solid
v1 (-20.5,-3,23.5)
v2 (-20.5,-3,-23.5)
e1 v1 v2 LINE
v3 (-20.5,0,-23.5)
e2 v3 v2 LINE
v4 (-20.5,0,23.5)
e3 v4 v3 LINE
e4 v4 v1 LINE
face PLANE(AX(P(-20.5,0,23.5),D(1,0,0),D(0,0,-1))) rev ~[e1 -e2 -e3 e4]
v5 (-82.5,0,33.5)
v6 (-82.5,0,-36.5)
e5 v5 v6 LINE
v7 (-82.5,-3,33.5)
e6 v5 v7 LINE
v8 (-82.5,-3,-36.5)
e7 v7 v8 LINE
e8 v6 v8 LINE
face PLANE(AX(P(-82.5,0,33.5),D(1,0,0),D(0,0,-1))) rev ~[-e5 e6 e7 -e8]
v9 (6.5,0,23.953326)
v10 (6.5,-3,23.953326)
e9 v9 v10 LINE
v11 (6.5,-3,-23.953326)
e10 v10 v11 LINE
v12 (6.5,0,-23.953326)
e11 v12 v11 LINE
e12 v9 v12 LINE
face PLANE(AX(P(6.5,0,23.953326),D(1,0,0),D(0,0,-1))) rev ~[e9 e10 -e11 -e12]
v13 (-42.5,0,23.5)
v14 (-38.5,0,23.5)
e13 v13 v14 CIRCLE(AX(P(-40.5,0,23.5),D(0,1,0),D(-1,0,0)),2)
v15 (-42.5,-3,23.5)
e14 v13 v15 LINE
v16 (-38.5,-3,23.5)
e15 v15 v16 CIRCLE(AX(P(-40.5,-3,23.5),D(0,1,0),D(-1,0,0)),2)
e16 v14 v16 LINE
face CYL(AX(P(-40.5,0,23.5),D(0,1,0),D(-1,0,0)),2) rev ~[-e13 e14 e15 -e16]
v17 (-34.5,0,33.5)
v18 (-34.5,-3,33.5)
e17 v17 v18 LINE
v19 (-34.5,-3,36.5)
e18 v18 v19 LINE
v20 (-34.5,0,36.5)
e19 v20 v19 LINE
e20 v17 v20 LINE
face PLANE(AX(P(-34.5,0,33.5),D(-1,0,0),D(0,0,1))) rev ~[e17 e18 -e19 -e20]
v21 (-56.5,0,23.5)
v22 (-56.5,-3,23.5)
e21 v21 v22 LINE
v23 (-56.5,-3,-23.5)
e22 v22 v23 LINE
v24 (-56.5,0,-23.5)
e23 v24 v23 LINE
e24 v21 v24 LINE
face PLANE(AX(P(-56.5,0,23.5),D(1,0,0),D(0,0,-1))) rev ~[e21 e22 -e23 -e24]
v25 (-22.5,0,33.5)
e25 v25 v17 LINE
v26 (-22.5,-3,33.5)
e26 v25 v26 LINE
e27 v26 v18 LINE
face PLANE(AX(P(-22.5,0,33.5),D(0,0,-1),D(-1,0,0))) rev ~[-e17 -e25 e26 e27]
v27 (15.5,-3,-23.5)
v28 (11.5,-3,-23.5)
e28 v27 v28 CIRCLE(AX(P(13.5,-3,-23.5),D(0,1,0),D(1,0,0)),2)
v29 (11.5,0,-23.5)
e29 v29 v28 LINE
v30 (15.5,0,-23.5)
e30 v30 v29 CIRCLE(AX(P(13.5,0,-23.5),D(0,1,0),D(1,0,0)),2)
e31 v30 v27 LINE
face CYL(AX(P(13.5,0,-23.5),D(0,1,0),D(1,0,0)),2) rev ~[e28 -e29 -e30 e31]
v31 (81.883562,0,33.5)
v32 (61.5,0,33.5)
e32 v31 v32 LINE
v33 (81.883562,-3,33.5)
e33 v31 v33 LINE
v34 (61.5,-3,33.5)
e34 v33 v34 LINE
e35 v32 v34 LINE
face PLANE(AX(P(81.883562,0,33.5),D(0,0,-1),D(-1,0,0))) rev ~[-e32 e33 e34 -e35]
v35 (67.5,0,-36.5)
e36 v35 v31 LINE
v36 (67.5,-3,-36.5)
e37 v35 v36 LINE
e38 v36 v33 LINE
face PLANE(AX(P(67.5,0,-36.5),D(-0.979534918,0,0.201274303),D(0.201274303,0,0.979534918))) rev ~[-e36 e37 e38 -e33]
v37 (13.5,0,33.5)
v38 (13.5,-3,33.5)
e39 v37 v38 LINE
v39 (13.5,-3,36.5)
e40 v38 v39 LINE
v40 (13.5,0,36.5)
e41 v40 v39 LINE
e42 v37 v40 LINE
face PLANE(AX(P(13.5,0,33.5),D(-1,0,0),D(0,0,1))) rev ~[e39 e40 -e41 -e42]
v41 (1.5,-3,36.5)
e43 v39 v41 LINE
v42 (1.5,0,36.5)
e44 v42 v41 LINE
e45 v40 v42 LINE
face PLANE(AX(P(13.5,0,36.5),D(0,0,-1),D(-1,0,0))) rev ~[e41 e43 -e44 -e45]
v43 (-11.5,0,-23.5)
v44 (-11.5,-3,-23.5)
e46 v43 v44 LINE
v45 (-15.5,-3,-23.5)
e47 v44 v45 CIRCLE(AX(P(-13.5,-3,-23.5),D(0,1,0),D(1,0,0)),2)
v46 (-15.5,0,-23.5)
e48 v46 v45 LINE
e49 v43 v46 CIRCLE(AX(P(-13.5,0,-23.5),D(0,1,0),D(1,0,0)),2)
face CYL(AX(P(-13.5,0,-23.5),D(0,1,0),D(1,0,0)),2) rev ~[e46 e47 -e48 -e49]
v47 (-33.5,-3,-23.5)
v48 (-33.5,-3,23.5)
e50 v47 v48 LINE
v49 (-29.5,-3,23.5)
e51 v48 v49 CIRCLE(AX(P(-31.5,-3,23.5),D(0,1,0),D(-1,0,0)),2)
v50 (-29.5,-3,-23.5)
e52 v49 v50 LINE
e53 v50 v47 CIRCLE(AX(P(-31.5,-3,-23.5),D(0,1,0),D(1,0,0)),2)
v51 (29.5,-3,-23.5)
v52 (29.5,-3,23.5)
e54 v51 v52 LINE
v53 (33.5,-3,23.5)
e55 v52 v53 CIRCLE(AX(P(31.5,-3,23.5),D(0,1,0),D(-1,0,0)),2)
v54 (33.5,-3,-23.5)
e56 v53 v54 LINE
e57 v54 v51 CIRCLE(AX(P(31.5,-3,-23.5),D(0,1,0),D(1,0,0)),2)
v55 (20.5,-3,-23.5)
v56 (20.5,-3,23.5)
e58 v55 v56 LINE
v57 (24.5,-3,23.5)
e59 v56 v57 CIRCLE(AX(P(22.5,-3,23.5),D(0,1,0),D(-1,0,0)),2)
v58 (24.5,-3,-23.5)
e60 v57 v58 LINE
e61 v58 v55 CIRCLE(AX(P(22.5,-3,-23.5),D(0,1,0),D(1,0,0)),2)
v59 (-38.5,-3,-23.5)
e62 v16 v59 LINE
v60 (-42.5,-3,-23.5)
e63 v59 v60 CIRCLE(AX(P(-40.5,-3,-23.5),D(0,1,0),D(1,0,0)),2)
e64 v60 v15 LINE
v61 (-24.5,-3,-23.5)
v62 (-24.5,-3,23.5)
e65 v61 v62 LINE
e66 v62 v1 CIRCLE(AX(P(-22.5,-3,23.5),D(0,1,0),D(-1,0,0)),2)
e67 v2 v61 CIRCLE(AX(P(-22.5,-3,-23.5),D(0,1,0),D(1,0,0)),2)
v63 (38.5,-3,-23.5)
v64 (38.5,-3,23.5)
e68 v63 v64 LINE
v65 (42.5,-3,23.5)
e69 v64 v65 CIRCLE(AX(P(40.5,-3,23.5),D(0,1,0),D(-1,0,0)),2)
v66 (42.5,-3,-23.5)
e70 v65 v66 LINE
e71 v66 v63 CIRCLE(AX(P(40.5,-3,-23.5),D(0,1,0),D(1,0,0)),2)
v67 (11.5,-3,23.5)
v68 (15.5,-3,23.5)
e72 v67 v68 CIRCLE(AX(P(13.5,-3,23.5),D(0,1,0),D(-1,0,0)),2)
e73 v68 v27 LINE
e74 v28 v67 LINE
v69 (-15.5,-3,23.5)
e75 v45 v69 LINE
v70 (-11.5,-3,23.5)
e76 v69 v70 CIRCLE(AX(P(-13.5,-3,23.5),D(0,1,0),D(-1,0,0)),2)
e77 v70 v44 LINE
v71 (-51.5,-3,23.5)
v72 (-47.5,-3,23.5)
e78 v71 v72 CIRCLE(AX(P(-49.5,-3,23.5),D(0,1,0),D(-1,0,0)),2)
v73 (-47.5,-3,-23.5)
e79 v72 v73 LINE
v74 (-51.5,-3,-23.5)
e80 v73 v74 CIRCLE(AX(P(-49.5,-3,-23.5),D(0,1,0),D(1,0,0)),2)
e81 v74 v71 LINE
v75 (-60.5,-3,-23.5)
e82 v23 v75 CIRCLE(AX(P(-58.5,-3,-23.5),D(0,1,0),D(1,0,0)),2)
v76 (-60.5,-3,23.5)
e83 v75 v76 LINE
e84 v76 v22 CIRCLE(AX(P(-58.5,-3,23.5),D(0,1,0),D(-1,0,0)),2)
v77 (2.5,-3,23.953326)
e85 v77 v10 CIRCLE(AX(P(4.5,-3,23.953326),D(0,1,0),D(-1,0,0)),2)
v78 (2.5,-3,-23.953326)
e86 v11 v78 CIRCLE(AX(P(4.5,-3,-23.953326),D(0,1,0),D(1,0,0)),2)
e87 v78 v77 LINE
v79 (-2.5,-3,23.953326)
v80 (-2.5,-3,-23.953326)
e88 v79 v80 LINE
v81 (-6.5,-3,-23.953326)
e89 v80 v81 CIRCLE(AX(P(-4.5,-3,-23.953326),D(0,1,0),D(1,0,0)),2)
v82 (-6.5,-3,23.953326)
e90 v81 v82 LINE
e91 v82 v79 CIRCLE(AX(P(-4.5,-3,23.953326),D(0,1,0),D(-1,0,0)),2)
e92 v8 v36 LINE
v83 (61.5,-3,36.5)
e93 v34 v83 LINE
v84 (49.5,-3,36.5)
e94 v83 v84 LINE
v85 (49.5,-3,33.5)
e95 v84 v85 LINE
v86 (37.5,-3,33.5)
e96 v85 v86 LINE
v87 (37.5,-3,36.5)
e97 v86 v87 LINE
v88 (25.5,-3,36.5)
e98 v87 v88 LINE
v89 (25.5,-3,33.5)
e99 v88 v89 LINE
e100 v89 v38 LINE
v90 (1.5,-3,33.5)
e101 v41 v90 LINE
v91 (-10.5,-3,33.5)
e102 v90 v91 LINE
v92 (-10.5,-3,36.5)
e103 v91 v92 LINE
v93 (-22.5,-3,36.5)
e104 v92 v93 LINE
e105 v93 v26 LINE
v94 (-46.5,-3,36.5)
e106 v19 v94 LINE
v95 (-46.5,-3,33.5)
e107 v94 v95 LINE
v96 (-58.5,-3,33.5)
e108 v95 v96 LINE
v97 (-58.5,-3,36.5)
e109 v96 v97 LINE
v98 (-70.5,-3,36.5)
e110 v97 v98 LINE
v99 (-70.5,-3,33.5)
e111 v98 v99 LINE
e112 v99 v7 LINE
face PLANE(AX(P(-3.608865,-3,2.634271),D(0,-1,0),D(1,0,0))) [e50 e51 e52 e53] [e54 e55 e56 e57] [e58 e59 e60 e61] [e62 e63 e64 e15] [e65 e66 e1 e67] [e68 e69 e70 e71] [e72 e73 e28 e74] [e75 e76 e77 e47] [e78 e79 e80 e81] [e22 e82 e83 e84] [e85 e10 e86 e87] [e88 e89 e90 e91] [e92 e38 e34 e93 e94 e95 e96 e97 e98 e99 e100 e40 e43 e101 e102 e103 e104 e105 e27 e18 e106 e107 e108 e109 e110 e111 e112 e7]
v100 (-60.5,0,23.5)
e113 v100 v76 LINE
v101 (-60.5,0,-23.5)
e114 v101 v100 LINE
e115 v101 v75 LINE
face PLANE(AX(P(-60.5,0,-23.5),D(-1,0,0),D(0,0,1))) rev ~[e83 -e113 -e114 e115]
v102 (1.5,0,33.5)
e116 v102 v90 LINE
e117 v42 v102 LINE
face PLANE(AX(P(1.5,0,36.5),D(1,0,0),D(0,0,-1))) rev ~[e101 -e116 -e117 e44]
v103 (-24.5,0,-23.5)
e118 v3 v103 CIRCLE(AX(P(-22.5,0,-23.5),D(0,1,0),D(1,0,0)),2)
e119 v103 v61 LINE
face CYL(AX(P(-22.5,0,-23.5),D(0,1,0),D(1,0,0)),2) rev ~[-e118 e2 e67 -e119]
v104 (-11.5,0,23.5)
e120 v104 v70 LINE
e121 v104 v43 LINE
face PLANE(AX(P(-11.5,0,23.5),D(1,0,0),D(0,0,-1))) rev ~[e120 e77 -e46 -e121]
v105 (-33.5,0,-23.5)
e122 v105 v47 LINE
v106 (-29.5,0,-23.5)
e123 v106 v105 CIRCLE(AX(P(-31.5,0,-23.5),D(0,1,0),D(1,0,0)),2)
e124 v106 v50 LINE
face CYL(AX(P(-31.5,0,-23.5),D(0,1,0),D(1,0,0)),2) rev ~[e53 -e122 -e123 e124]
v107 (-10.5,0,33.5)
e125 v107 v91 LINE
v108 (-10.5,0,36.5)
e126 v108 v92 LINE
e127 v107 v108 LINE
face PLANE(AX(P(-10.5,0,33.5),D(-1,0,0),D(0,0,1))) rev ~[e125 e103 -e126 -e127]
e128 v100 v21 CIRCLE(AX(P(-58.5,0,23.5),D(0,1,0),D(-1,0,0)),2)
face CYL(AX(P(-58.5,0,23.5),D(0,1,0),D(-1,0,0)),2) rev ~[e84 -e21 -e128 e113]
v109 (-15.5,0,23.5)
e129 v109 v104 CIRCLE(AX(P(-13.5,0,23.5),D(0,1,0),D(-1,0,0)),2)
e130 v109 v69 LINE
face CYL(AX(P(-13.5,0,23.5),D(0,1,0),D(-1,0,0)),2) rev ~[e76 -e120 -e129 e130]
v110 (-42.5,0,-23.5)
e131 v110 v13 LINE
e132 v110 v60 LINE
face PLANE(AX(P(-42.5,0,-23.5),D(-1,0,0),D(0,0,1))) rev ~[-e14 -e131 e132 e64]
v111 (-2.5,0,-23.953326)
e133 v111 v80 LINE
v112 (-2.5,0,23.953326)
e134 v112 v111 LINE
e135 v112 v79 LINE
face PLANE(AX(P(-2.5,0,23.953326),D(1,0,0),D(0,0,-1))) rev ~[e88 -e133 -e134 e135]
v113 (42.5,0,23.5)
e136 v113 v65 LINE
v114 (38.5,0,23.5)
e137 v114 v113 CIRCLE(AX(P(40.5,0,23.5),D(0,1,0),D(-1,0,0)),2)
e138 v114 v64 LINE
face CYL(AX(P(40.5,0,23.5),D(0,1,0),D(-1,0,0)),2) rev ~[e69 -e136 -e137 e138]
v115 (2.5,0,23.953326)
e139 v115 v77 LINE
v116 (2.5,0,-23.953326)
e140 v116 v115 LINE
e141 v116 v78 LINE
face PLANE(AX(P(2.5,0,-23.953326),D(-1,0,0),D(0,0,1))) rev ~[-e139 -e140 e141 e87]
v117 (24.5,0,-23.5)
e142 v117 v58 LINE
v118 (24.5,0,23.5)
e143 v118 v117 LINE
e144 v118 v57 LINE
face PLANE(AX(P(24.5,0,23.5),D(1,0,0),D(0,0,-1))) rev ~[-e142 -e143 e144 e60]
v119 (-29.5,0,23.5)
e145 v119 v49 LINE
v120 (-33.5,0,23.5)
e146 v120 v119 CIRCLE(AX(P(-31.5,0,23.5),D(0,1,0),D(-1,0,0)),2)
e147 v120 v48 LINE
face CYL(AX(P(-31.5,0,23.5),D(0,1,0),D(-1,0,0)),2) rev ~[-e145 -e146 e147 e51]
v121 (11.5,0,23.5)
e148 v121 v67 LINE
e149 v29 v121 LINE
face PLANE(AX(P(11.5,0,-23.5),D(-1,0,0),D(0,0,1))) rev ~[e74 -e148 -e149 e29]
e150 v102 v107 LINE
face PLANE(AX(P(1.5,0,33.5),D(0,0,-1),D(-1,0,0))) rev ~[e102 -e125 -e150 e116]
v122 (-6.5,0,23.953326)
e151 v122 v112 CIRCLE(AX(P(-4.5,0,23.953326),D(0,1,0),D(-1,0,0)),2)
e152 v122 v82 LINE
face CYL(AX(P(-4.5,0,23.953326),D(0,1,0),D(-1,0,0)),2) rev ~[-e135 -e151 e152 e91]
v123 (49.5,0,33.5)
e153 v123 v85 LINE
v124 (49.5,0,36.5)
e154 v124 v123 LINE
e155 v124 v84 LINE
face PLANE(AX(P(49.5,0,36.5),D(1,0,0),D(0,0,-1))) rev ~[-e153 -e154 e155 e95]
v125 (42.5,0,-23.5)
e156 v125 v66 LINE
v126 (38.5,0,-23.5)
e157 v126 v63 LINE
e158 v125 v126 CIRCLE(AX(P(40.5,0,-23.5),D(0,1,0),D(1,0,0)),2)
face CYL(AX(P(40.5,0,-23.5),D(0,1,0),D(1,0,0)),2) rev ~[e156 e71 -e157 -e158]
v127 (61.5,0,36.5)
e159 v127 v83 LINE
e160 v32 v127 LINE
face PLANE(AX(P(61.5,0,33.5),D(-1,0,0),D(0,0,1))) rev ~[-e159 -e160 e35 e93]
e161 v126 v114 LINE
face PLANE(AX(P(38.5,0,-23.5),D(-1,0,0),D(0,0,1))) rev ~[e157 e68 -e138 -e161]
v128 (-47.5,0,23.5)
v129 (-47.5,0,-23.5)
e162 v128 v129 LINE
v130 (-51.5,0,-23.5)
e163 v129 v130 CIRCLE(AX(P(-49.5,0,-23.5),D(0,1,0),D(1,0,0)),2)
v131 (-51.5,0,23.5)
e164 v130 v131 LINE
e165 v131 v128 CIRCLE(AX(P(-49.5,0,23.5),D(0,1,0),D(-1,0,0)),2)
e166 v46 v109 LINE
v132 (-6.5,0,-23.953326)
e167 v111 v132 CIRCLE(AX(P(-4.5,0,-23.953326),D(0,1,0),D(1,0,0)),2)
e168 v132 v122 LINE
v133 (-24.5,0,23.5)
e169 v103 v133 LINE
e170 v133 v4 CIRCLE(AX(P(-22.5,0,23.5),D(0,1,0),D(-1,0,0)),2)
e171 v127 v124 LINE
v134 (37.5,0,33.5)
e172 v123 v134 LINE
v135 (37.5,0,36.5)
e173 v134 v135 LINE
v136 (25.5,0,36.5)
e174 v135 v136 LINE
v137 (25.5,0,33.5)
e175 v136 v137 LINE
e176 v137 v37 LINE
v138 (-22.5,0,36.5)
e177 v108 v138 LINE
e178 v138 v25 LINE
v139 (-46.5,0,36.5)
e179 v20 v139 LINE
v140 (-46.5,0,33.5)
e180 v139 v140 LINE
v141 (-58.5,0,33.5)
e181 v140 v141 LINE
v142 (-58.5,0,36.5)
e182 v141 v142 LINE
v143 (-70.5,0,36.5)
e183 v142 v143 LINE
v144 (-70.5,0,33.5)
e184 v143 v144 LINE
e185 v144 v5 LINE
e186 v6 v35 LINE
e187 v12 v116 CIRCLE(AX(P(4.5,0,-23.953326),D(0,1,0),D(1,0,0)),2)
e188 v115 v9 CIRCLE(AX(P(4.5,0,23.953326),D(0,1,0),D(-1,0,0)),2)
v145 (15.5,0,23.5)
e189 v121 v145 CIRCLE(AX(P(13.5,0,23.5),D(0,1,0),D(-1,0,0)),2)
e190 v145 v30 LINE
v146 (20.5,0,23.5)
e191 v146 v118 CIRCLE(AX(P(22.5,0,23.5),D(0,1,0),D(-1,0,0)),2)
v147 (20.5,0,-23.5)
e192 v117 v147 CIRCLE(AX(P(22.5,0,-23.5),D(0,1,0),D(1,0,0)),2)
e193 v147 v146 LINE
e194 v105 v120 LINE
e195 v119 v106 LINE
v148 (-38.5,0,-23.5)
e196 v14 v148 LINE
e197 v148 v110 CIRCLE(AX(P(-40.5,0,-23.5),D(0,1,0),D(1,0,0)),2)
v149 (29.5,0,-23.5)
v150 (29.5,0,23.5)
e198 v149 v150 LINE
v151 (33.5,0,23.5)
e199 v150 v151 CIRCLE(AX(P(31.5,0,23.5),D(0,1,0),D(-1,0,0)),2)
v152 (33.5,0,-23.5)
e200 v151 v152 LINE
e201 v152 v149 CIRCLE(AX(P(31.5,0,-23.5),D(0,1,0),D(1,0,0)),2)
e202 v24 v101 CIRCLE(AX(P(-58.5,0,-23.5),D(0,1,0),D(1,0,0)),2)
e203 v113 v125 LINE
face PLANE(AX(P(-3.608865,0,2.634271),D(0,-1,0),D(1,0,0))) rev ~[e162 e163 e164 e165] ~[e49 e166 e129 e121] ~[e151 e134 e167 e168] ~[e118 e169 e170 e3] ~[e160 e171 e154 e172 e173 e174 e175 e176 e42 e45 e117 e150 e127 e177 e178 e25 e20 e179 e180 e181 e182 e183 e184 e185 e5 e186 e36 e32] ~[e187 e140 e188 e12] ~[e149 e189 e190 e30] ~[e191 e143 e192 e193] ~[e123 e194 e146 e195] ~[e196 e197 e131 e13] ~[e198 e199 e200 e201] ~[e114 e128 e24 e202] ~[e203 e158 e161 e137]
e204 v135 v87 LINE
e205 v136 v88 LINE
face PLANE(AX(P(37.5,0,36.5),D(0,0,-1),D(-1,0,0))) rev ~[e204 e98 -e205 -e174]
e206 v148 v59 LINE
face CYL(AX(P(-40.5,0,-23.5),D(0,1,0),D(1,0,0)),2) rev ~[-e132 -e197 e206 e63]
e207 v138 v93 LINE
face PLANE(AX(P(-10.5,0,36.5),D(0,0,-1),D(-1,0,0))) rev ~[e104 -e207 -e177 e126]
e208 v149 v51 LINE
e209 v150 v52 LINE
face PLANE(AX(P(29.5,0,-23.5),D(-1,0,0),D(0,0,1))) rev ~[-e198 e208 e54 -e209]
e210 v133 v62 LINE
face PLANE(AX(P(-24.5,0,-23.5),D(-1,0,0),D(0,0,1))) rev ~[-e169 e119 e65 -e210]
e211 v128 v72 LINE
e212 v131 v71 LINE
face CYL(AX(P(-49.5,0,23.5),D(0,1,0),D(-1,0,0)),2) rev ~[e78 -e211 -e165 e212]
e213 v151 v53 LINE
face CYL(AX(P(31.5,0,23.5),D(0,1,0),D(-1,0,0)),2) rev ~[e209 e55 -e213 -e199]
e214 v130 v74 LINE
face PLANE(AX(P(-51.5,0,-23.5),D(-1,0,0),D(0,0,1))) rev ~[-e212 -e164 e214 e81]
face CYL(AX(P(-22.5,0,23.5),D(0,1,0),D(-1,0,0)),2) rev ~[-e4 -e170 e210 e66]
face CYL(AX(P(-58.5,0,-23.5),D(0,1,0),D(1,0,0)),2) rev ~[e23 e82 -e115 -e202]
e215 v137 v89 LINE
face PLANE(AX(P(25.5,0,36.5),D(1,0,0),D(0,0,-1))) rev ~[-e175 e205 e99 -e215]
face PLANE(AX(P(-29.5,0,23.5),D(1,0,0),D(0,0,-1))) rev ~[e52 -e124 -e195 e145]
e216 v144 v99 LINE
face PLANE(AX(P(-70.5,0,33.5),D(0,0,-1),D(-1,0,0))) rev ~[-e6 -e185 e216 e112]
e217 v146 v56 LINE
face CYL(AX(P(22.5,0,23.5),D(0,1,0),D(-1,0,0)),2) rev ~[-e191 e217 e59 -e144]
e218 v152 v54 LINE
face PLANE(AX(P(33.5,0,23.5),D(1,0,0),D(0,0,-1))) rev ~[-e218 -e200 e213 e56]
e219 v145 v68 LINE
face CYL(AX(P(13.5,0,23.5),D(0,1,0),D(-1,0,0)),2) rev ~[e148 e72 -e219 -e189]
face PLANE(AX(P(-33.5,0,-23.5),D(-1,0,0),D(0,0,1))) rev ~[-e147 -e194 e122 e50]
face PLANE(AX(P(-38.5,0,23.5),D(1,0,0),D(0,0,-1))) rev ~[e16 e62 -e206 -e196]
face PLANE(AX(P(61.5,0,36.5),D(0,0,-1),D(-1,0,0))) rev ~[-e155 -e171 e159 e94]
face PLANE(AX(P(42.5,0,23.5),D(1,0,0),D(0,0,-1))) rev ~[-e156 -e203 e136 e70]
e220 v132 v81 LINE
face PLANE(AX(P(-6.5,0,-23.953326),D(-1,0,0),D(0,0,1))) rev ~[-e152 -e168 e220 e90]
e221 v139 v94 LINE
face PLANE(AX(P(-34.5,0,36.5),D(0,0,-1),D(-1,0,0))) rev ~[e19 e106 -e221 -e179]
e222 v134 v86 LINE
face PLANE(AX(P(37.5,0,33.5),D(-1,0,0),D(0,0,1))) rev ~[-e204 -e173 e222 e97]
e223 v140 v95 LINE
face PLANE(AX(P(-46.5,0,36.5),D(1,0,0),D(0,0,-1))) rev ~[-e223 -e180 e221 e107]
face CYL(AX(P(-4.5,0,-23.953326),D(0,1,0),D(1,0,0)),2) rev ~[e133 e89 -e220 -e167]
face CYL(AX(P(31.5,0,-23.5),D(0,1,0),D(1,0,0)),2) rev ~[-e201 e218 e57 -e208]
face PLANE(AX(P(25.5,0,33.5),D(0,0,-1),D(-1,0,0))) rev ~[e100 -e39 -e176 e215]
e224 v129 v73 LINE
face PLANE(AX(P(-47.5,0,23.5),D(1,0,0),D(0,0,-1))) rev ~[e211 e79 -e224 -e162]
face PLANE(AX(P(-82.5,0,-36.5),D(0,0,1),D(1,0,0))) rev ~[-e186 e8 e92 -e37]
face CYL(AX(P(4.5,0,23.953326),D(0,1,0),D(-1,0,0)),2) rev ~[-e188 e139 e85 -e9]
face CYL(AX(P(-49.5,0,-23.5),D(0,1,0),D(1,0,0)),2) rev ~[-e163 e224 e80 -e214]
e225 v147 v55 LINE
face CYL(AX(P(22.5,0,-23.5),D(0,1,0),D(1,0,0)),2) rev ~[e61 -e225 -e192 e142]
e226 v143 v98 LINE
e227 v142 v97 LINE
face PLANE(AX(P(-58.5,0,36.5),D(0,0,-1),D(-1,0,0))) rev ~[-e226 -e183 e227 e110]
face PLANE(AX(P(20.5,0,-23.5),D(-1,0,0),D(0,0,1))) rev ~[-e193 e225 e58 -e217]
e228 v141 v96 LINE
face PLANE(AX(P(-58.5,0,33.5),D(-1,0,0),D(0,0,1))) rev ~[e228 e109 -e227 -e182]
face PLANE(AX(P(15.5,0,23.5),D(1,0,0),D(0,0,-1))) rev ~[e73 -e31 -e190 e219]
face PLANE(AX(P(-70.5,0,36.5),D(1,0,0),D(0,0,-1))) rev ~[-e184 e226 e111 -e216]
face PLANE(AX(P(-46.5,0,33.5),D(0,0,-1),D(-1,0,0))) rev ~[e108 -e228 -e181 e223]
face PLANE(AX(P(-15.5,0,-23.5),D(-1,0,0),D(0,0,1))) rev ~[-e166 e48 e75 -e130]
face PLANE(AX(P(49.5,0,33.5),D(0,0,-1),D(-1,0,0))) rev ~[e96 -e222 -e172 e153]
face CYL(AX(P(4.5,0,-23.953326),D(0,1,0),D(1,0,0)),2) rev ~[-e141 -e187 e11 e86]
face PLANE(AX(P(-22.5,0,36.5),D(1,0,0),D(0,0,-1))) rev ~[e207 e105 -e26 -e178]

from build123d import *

# Parameters (mm, degrees)
F1_DEPTH = 3


with BuildPart() as f1:
    # F0 (on Front) → F1 (new body)
    with BuildSketch(Plane.XZ):
        Polygon((-82.5, -36.5), (67.5, -36.5), (81.883562, 33.5), (61.5, 33.5), (61.5, 36.5), (49.5, 36.5), (49.5, 33.5), (37.5, 33.5), (37.5, 36.5), (25.5, 36.5), (25.5, 33.5), (13.5, 33.5), (13.5, 36.5), (1.5, 36.5), (1.5, 33.5), (-10.5, 33.5), (-10.5, 36.5), (-22.5, 36.5), (-22.5, 33.5), (-34.5, 33.5), (-34.5, 36.5), (-46.5, 36.5), (-46.5, 33.5), (-58.5, 33.5), (-58.5, 36.5), (-70.5, 36.5), (-70.5, 33.5), (-82.5, 33.5), align=None)
        with BuildLine():
            Line((-56.5, 23.5), (-56.5, -23.5))
            ThreePointArc((-56.5, -23.5), (-58.5, -25.5), (-60.5, -23.5))
            Line((-60.5, -23.5), (-60.5, 23.5))
            ThreePointArc((-60.5, 23.5), (-58.5, 25.5), (-56.5, 23.5))
        make_face(mode=Mode.SUBTRACT)
        with BuildLine():
            Line((-51.5, -23.5), (-51.5, 23.5))
            ThreePointArc((-51.5, 23.5), (-49.5, 25.5), (-47.5, 23.5))
            Line((-47.5, 23.5), (-47.5, -23.5))
            ThreePointArc((-47.5, -23.5), (-49.5, -25.5), (-51.5, -23.5))
        make_face(mode=Mode.SUBTRACT)
        with BuildLine():
            ThreePointArc((-42.5, 23.5), (-40.5, 25.5), (-38.5, 23.5))
            Line((-38.5, 23.5), (-38.5, -23.5))
            ThreePointArc((-38.5, -23.5), (-40.5, -25.5), (-42.5, -23.5))
            Line((-42.5, -23.5), (-42.5, 23.5))
        make_face(mode=Mode.SUBTRACT)
        with BuildLine():
            Line((-29.5, 23.5), (-29.5, -23.5))
            ThreePointArc((-29.5, -23.5), (-31.5, -25.5), (-33.5, -23.5))
            Line((-33.5, -23.5), (-33.5, 23.5))
            ThreePointArc((-33.5, 23.5), (-31.5, 25.5), (-29.5, 23.5))
        make_face(mode=Mode.SUBTRACT)
        with BuildLine():
            Line((-20.5, 23.5), (-20.5, -23.5))
            ThreePointArc((-20.5, -23.5), (-22.5, -25.5), (-24.5, -23.5))
            Line((-24.5, -23.5), (-24.5, 23.5))
            ThreePointArc((-24.5, 23.5), (-22.5, 25.5), (-20.5, 23.5))
        make_face(mode=Mode.SUBTRACT)
        with BuildLine():
            Line((-11.5, 23.5), (-11.5, -23.5))
            ThreePointArc((-11.5, -23.5), (-13.5, -25.5), (-15.5, -23.5))
            Line((-15.5, -23.5), (-15.5, 23.5))
            ThreePointArc((-15.5, 23.5), (-13.5, 25.5), (-11.5, 23.5))
        make_face(mode=Mode.SUBTRACT)
        with BuildLine():
            Line((-2.5, 23.953326), (-2.5, -23.953326))
            ThreePointArc((-2.5, -23.953326), (-4.5, -25.953326), (-6.5, -23.953326))
            Line((-6.5, -23.953326), (-6.5, 23.953326))
            ThreePointArc((-6.5, 23.953326), (-4.5, 25.953326), (-2.5, 23.953326))
        make_face(mode=Mode.SUBTRACT)
        with BuildLine():
            Line((6.5, 23.953326), (6.5, -23.953326))
            ThreePointArc((6.5, -23.953326), (4.5, -25.953326), (2.5, -23.953326))
            Line((2.5, -23.953326), (2.5, 23.953326))
            ThreePointArc((2.5, 23.953326), (4.5, 25.953326), (6.5, 23.953326))
        make_face(mode=Mode.SUBTRACT)
        with BuildLine():
            ThreePointArc((15.5, -23.5), (13.5, -25.5), (11.5, -23.5))
            Line((11.5, -23.5), (11.5, 23.5))
            ThreePointArc((11.5, 23.5), (13.5, 25.5), (15.5, 23.5))
            Line((15.5, 23.5), (15.5, -23.5))
        make_face(mode=Mode.SUBTRACT)
        with BuildLine():
            Line((24.5, 23.5), (24.5, -23.5))
            ThreePointArc((24.5, -23.5), (22.5, -25.5), (20.5, -23.5))
            Line((20.5, -23.5), (20.5, 23.5))
            ThreePointArc((20.5, 23.5), (22.5, 25.5), (24.5, 23.5))
        make_face(mode=Mode.SUBTRACT)
        with BuildLine():
            ThreePointArc((33.5, -23.5), (31.5, -25.5), (29.5, -23.5))
            Line((29.5, -23.5), (29.5, 23.5))
            ThreePointArc((29.5, 23.5), (31.5, 25.5), (33.5, 23.5))
            Line((33.5, 23.5), (33.5, -23.5))
        make_face(mode=Mode.SUBTRACT)
        with BuildLine():
            ThreePointArc((38.5, 23.5), (40.5, 25.5), (42.5, 23.5))
            Line((42.5, 23.5), (42.5, -23.5))
            ThreePointArc((42.5, -23.5), (40.5, -25.5), (38.5, -23.5))
            Line((38.5, -23.5), (38.5, 23.5))
        make_face(mode=Mode.SUBTRACT)
    extrude(amount=F1_DEPTH)


solid = f1.part
